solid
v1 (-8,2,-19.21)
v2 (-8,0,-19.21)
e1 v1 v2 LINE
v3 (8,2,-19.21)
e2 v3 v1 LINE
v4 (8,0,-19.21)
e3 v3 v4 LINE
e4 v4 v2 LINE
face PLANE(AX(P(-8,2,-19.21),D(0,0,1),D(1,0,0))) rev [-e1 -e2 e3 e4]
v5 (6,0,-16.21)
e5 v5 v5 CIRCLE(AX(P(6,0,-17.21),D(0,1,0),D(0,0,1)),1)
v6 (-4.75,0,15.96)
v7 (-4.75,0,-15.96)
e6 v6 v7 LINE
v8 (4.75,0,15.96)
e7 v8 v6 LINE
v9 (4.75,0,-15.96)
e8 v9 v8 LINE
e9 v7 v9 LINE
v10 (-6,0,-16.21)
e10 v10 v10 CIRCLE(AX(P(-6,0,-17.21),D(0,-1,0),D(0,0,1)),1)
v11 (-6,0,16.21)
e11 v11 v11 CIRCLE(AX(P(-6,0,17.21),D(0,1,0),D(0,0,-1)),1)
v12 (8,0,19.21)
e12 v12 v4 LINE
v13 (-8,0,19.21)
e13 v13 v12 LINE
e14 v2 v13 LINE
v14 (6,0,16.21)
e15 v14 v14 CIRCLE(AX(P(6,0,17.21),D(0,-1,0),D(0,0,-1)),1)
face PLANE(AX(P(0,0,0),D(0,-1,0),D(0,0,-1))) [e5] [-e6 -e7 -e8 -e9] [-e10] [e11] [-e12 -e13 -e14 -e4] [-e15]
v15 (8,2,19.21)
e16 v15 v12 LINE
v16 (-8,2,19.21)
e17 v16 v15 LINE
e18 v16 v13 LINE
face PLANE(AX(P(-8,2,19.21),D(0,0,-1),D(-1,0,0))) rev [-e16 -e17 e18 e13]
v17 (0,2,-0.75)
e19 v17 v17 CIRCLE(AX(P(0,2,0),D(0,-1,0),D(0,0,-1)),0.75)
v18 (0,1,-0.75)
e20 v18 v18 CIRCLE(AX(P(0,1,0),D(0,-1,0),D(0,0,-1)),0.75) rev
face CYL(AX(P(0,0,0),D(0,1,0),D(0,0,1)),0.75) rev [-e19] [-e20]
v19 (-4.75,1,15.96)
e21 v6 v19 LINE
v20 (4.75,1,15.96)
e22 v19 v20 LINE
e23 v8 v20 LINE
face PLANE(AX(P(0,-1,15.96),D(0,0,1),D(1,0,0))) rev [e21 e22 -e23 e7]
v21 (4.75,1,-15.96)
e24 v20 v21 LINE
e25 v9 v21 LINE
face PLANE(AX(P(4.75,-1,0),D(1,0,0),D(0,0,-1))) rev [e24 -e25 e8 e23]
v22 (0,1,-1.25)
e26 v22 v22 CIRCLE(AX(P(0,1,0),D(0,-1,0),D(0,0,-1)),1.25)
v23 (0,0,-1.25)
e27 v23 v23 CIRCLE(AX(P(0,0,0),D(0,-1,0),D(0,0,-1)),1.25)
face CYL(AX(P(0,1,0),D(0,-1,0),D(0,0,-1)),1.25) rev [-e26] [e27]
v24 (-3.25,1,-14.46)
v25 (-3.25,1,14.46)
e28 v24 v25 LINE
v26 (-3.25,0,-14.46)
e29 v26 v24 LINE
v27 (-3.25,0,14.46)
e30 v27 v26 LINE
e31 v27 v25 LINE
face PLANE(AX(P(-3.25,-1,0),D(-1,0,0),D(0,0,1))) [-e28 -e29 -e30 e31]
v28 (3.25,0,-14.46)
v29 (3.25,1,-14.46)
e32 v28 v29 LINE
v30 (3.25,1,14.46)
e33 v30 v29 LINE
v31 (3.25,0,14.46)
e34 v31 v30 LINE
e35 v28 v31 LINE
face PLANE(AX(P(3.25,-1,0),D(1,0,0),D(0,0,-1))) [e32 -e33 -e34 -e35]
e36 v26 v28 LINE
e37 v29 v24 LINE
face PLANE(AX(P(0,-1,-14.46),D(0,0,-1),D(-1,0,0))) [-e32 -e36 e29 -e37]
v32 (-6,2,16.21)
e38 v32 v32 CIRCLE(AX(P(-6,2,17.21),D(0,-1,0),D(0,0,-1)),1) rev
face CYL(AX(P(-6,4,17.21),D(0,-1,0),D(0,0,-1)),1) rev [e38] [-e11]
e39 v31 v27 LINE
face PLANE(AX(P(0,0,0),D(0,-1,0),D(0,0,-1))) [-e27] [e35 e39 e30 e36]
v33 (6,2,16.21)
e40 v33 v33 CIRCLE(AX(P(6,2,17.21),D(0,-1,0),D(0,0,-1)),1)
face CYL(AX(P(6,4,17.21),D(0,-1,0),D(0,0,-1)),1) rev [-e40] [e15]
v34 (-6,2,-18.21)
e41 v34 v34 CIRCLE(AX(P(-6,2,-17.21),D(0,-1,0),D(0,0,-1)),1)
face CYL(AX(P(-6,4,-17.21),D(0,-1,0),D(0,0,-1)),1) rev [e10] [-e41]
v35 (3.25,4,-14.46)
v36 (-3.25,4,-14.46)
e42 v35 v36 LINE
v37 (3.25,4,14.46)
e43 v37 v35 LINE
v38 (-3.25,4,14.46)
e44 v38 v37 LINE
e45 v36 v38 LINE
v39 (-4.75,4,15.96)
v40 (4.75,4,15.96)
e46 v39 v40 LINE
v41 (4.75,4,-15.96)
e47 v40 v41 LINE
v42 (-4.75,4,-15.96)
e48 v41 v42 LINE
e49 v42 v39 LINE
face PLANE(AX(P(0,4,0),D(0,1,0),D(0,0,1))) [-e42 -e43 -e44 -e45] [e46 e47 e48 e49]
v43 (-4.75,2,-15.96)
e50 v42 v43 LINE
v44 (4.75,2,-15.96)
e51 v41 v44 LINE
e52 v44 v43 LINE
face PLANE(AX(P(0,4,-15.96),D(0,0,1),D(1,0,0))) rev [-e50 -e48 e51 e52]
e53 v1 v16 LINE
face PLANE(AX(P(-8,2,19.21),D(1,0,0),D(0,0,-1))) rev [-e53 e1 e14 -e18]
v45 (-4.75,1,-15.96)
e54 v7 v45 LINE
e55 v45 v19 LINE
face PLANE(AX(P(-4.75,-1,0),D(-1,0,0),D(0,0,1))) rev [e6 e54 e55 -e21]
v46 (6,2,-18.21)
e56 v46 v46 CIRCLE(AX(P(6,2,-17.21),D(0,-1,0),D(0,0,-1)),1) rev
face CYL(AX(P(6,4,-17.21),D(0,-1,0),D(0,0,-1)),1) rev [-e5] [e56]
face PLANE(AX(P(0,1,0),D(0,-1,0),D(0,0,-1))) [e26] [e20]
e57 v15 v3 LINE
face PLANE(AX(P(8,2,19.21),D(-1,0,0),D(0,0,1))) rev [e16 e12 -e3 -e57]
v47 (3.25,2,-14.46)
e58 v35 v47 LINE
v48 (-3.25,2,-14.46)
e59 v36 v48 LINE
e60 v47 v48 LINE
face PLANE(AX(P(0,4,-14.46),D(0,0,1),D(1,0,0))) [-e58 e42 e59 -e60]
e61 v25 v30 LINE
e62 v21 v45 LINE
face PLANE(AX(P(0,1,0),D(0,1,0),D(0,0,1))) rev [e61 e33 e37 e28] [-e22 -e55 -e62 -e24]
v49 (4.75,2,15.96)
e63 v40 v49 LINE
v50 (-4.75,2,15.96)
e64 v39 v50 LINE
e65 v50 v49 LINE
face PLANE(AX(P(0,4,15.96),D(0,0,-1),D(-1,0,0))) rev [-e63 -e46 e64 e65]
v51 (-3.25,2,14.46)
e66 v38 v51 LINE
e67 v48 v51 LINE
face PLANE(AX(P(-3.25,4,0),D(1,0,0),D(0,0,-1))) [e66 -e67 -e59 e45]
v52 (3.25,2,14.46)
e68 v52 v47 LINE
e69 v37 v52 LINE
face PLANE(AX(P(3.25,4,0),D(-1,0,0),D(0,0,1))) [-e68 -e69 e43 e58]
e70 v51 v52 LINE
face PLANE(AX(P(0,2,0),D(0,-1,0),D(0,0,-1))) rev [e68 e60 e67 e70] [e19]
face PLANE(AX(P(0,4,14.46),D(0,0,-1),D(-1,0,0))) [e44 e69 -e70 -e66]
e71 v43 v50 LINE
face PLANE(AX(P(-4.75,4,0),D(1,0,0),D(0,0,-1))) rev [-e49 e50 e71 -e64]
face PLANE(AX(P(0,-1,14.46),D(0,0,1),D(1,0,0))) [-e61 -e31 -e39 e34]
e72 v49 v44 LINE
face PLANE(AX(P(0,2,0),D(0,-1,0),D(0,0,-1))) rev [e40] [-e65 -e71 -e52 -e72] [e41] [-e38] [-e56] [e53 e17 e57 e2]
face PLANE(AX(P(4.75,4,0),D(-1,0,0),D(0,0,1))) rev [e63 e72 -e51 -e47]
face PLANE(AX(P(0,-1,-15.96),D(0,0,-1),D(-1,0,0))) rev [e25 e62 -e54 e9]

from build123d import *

# Parameters (mm, degrees)
SKETCH1_W               = 16
SKETCH1_H               = 38.42
BOSS_EXTRUDE1_DEPTH     = 2
SKETCH2_W               = 9.5
SKETCH2_H               = 31.92
SKETCH2_W_2             = 6.5
SKETCH2_H_2             = 28.92
EXTRUDE_THIN1_DEPTH     = 2
SKETCH3_R               = 1
CUT_EXTRUDE1_DEPTH      = 5
MIRROR2_COPY_1_SKETCH_R = 1
MIRROR2_COPY_1_DEPTH    = 5
CUT_EXTRUDE_THIN1_START = -1
SKETCH2_3_W             = 9.5
SKETCH2_3_H             = 31.92
SKETCH2_3_W_2           = 6.5
SKETCH2_3_H_2           = 28.92
CUT_EXTRUDE_THIN1_DEPTH = 2
SKETCH5_R               = 0.75
CUT_EXTRUDE2_DEPTH      = 3
CUT_EXTRUDE2_DEPTH_BACK = 3
SKETCH6_R               = 1.25
CUT_EXTRUDE3_DEPTH      = 1


with BuildPart() as part:
    # Sketch1 → Boss-Extrude1 (new body)
    with BuildSketch(Plane(origin=(0, 0, 0), x_dir=(1, 0, 0), z_dir=(0, 1, 0))):
        Rectangle(SKETCH1_W, SKETCH1_H)
    extrude(amount=BOSS_EXTRUDE1_DEPTH)

    # Sketch2 → Extrude-Thin1 (add)
    with BuildSketch(Plane(origin=(0, 2, 0), x_dir=(1, 0, 0), z_dir=(0, 1, 0))):
        Rectangle(SKETCH2_W, SKETCH2_H)
        Rectangle(SKETCH2_W_2, SKETCH2_H_2, mode=Mode.SUBTRACT)
    extrude(amount=EXTRUDE_THIN1_DEPTH)

    # Sketch3 → Cut-Extrude1 (cut, through all)
    with BuildSketch(Plane.XZ):
        with Locations((6, 17.21)):
            Circle(SKETCH3_R)
    cut_extrude1 = extrude(amount=-CUT_EXTRUDE1_DEPTH, mode=Mode.SUBTRACT)

    # Mirror1: Cut-Extrude1 across plane
    add(cut_extrude1.mirror(Plane(origin=(0, 0, 0), x_dir=(1, 0, 0), z_dir=(0, 0, -1))), mode=Mode.SUBTRACT)

    # Mirror2: Cut-Extrude1 across plane
    add(cut_extrude1.mirror(Plane.ZY), mode=Mode.SUBTRACT)

    # Mirror2 copy 1 sketch → Mirror2 copy 1 (cut, through all)
    with BuildSketch(Plane(origin=(0, 0, 0), x_dir=(-1, 0, 0), z_dir=(0, -1, 0))):
        with Locations((6, 17.21)):
            Circle(MIRROR2_COPY_1_SKETCH_R)
    extrude(amount=-MIRROR2_COPY_1_DEPTH, mode=Mode.SUBTRACT)

    # Sketch2<3> → Cut-Extrude-Thin1 (cut)
    with BuildSketch(Plane(origin=(0, 2, 0), x_dir=(1, 0, 0), z_dir=(0, 1, 0)).offset(CUT_EXTRUDE_THIN1_START)):
        Rectangle(SKETCH2_3_W, SKETCH2_3_H)
        Rectangle(SKETCH2_3_W_2, SKETCH2_3_H_2, mode=Mode.SUBTRACT)
    extrude(amount=-CUT_EXTRUDE_THIN1_DEPTH, mode=Mode.SUBTRACT)

    # Sketch5 → Cut-Extrude2 (cut, two sides)
    with BuildSketch(Plane(origin=(0, 2, 0), x_dir=(1, 0, 0), z_dir=(0, 1, 0))) as cut_extrude2_sk:
        Circle(SKETCH5_R)
    extrude(amount=CUT_EXTRUDE2_DEPTH, mode=Mode.SUBTRACT)
    extrude(cut_extrude2_sk.sketch, amount=-CUT_EXTRUDE2_DEPTH_BACK, mode=Mode.SUBTRACT)

    # Sketch6 → Cut-Extrude3 (cut)
    with BuildSketch(Plane.XZ):
        Circle(SKETCH6_R)
    extrude(amount=-CUT_EXTRUDE3_DEPTH, mode=Mode.SUBTRACT)


solid = part.part
